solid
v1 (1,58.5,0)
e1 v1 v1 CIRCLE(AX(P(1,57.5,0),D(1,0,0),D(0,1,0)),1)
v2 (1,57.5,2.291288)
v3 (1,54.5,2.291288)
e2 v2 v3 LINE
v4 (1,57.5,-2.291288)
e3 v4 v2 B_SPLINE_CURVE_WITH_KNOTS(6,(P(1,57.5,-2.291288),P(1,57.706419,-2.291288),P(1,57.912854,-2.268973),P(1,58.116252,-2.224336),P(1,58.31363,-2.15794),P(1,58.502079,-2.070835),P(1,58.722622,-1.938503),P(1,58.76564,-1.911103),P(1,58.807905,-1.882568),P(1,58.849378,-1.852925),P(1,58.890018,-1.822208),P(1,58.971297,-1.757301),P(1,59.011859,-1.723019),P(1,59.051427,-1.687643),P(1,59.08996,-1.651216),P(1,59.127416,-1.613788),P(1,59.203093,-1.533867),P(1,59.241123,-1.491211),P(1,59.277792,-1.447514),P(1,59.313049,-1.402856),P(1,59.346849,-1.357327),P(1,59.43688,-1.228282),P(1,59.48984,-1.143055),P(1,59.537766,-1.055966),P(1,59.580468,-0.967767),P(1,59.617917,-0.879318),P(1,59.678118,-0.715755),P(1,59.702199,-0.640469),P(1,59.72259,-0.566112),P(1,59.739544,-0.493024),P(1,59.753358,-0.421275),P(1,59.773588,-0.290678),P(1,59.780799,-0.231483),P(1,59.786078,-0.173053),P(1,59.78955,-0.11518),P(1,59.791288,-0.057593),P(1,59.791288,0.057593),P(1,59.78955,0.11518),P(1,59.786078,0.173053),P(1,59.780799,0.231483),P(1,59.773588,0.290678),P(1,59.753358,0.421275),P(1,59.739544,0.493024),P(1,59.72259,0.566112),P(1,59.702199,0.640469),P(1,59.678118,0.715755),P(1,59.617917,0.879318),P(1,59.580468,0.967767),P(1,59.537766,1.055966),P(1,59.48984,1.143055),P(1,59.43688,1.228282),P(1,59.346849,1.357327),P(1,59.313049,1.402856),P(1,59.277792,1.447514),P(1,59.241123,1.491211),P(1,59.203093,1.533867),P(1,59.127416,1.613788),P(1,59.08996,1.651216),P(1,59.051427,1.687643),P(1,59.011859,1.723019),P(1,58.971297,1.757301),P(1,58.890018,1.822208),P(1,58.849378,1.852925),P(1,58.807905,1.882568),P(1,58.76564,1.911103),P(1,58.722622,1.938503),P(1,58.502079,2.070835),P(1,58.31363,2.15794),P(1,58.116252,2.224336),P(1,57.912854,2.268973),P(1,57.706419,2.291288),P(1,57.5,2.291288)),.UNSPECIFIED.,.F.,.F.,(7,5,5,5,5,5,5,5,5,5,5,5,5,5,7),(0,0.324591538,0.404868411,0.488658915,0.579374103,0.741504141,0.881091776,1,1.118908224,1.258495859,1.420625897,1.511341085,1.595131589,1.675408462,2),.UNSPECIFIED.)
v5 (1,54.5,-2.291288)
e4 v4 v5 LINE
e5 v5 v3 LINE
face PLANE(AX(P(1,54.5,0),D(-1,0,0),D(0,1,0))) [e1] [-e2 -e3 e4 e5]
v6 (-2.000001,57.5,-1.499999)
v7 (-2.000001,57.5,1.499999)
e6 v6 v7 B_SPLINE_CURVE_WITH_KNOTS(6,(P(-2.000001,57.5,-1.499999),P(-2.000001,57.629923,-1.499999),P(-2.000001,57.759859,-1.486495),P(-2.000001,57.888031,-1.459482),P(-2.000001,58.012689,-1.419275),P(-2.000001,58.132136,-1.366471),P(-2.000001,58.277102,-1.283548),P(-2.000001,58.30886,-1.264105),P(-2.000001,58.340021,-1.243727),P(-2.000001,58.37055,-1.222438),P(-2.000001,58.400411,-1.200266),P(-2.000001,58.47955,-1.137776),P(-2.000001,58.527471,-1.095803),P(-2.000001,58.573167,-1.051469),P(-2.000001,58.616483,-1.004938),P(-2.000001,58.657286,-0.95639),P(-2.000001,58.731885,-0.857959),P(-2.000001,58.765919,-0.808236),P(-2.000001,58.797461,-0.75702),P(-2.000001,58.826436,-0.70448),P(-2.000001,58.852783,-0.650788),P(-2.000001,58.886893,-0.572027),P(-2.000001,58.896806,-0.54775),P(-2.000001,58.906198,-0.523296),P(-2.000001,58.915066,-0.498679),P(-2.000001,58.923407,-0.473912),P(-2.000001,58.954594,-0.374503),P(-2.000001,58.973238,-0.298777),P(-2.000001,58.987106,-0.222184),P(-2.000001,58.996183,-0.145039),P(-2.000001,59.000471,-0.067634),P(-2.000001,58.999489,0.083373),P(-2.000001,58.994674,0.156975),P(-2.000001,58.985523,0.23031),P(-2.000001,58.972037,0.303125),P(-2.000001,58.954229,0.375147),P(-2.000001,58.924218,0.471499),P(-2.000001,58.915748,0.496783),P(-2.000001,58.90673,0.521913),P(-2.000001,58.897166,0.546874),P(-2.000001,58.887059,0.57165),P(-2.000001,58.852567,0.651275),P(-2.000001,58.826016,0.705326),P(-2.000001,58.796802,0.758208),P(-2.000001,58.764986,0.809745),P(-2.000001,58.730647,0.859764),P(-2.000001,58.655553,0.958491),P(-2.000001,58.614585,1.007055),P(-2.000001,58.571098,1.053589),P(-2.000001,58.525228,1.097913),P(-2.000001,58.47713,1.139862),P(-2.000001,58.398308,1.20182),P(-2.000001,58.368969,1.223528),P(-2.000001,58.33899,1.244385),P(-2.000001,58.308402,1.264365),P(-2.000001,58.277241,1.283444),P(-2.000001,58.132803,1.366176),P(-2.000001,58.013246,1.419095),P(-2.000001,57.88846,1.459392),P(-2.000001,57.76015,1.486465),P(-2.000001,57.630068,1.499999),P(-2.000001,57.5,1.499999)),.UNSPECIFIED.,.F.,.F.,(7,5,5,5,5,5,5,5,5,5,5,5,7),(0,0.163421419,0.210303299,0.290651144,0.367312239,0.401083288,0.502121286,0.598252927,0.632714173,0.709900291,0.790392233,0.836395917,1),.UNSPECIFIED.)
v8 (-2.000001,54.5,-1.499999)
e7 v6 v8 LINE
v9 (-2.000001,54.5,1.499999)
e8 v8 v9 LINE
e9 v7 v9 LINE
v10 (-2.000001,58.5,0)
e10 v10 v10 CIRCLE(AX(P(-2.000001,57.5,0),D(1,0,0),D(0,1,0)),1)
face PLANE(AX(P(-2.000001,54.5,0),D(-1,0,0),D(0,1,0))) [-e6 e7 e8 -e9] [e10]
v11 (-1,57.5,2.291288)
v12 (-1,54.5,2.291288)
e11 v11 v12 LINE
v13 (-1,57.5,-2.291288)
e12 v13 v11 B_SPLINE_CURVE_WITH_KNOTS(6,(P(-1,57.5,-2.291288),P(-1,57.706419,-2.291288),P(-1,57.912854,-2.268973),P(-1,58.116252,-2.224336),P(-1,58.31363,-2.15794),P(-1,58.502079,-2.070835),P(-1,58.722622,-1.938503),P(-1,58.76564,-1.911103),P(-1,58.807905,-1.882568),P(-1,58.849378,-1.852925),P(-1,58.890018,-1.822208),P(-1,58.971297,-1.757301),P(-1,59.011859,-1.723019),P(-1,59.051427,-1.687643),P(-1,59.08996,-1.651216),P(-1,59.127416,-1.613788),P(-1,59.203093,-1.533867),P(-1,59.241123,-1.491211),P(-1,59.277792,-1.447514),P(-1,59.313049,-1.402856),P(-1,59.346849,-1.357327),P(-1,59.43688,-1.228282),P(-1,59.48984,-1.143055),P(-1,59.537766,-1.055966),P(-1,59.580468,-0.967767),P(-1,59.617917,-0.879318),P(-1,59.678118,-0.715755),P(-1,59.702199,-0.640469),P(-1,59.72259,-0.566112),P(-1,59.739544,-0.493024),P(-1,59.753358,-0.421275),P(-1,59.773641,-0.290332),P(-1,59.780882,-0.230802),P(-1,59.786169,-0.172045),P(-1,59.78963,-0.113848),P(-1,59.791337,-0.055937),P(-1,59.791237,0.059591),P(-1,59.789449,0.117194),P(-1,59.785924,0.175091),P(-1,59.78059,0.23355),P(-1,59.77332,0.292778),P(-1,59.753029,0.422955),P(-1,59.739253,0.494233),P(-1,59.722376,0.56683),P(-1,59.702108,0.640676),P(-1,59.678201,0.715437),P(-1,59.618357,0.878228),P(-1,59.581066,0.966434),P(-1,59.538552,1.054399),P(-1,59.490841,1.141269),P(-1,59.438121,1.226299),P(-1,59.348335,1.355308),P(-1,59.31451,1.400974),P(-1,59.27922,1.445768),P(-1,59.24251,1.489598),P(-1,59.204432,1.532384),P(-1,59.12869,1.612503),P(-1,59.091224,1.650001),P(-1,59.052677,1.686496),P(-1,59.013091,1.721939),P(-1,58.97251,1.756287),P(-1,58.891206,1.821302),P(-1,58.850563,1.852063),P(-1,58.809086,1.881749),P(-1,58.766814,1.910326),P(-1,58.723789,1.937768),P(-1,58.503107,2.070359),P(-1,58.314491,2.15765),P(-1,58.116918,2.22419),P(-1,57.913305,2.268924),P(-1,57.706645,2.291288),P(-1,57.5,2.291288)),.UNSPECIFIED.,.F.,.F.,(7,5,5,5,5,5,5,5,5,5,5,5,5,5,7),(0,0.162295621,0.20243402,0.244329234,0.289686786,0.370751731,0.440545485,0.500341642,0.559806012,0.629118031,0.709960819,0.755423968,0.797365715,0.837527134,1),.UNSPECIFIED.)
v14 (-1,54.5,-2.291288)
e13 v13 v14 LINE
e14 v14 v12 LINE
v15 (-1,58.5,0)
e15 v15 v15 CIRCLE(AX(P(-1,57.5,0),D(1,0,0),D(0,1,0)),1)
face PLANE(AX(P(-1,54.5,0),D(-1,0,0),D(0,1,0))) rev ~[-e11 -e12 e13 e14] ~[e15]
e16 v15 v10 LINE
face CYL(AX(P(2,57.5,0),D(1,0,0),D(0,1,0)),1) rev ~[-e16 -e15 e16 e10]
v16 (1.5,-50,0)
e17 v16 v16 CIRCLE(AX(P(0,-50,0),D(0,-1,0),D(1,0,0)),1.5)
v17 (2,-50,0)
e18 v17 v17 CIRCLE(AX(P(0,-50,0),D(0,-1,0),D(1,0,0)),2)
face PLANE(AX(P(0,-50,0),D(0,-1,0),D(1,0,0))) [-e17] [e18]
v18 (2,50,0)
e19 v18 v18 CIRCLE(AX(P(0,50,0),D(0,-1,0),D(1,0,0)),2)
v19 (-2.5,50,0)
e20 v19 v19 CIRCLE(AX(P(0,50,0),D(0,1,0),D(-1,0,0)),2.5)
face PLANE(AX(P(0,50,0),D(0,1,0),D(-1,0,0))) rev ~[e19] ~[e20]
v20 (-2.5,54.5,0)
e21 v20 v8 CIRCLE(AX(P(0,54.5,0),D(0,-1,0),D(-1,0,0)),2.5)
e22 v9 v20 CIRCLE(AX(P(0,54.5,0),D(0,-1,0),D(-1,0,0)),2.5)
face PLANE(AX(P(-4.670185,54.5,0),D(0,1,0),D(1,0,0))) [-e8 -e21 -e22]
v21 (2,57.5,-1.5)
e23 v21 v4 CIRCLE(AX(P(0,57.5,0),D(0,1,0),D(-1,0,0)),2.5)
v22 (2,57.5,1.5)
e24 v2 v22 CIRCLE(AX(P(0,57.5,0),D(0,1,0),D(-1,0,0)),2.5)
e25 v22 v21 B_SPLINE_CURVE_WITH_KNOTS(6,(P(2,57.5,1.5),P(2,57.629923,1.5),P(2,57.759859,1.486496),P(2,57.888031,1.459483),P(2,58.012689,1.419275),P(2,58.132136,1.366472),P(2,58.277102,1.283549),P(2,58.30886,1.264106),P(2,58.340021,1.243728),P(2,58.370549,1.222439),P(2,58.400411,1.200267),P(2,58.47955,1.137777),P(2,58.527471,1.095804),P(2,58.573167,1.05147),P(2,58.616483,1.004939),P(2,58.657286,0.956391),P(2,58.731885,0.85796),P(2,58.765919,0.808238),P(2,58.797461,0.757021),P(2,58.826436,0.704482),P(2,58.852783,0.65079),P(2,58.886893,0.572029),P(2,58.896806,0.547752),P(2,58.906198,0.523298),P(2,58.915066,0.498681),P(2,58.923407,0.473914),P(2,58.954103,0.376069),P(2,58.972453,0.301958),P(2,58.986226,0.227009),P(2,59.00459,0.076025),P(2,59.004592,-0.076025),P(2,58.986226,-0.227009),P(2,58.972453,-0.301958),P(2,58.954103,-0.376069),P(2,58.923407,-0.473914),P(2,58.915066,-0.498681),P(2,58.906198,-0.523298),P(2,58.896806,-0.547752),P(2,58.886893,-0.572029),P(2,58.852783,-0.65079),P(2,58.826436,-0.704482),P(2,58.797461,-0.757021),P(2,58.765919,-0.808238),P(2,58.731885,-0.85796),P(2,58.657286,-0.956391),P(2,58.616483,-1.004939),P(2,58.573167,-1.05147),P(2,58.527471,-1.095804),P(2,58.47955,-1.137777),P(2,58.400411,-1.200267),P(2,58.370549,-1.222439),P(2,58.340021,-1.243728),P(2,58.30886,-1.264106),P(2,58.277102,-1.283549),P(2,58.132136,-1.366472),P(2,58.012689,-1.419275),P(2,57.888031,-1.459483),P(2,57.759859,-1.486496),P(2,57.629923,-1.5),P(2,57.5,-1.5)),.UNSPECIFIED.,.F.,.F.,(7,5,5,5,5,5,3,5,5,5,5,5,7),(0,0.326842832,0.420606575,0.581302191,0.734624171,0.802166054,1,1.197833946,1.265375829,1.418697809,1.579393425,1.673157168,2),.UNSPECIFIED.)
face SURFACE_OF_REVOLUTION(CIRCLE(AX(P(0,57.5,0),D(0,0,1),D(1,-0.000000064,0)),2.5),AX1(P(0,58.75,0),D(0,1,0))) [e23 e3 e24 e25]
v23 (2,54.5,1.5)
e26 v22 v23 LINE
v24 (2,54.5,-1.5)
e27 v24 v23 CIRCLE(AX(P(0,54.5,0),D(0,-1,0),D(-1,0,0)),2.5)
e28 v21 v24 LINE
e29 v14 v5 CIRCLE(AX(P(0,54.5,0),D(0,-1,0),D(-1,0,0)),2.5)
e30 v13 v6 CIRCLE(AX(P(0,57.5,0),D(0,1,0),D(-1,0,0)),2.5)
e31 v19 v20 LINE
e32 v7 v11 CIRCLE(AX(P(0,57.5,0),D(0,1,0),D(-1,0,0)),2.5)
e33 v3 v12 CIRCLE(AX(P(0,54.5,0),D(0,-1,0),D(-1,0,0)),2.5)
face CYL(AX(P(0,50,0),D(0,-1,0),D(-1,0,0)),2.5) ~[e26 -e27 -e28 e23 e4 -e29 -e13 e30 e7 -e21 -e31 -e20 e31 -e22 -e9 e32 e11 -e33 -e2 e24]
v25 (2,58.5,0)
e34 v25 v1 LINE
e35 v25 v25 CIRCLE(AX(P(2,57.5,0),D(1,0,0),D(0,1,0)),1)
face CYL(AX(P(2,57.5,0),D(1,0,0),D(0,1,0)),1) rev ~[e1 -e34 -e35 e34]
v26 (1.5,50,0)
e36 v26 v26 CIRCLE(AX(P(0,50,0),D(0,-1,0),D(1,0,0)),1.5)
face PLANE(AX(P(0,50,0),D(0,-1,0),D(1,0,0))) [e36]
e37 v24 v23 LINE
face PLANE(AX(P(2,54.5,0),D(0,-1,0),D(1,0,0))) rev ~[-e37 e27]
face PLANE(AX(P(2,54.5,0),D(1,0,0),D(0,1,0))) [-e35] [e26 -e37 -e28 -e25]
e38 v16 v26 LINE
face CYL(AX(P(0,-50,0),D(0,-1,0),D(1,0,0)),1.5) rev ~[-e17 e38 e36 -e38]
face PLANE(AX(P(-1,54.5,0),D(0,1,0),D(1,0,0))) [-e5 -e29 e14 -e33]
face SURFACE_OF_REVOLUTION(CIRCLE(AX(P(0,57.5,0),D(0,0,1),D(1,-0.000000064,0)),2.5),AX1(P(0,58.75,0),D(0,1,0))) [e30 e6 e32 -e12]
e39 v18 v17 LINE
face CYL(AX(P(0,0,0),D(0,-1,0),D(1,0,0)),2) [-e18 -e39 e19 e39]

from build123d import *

# Parameters (mm, degrees)
F0_R      = 2
F1_DEPTH  = 50
F2_R      = 2.5
F3_DEPTH  = 7.5
F6_W      = 2
F6_H      = 10.465279
F6_W_2    = 2.670185
F6_H_2    = 9.38379
F6_W_3    = 2.059856
F6_H_3    = 11.232405
F7_DEPTH  = 12.5
F8_R      = 1
F9_DEPTH  = 4.501
F10_R     = 1.5
F11_DEPTH = 100


with BuildPart() as f1:
    # F0 (on Front) → F1 (new body, symmetric)
    with BuildSketch(Plane.XZ):
        Circle(F0_R)
    extrude(amount=F1_DEPTH, both=True)

    # F2 (on face) → F3 (join)
    with BuildSketch(Plane(origin=(0, 50, 0), x_dir=(-1, 0, 0), z_dir=(0, 1, 0))):
        Circle(F2_R)
    extrude(amount=F3_DEPTH)

    # F4 (on Top) → F5 (revolve)
    with BuildSketch(Plane.XY):
        with BuildLine():
            Line((0, 57.5), (2.5, 57.5))
            ThreePointArc((2.5, 57.5), (1.767767, 59.267767), (0, 60))
            Line((0, 60), (0, 57.5))
        make_face()
    revolve(axis=Axis((0, 58.75, 0), (0, 1, 0)))

    # F6 (on Top) → F7 (cut, symmetric)
    with BuildSketch(Plane.XY):
        with Locations((0, 59.732639)):
            Rectangle(F6_W, F6_H)
        with Locations((-3.335093, 59.191895)):
            Rectangle(F6_W_2, F6_H_2)
        with Locations((3.029928, 60.116202)):
            Rectangle(F6_W_3, F6_H_3)
    extrude(amount=F7_DEPTH, both=True, mode=Mode.SUBTRACT)

    # F8 (on face) → F9 (cut, through all)
    with BuildSketch(Plane.YZ.offset(2)):
        with Locations((57.5, 0)):
            Circle(F8_R)
    extrude(amount=-F9_DEPTH, mode=Mode.SUBTRACT)

    # F10 (on face) → F11 (cut)
    with BuildSketch(Plane.XZ.offset(50)):
        Circle(F10_R)
    extrude(amount=-F11_DEPTH, mode=Mode.SUBTRACT)


solid = f1.part
